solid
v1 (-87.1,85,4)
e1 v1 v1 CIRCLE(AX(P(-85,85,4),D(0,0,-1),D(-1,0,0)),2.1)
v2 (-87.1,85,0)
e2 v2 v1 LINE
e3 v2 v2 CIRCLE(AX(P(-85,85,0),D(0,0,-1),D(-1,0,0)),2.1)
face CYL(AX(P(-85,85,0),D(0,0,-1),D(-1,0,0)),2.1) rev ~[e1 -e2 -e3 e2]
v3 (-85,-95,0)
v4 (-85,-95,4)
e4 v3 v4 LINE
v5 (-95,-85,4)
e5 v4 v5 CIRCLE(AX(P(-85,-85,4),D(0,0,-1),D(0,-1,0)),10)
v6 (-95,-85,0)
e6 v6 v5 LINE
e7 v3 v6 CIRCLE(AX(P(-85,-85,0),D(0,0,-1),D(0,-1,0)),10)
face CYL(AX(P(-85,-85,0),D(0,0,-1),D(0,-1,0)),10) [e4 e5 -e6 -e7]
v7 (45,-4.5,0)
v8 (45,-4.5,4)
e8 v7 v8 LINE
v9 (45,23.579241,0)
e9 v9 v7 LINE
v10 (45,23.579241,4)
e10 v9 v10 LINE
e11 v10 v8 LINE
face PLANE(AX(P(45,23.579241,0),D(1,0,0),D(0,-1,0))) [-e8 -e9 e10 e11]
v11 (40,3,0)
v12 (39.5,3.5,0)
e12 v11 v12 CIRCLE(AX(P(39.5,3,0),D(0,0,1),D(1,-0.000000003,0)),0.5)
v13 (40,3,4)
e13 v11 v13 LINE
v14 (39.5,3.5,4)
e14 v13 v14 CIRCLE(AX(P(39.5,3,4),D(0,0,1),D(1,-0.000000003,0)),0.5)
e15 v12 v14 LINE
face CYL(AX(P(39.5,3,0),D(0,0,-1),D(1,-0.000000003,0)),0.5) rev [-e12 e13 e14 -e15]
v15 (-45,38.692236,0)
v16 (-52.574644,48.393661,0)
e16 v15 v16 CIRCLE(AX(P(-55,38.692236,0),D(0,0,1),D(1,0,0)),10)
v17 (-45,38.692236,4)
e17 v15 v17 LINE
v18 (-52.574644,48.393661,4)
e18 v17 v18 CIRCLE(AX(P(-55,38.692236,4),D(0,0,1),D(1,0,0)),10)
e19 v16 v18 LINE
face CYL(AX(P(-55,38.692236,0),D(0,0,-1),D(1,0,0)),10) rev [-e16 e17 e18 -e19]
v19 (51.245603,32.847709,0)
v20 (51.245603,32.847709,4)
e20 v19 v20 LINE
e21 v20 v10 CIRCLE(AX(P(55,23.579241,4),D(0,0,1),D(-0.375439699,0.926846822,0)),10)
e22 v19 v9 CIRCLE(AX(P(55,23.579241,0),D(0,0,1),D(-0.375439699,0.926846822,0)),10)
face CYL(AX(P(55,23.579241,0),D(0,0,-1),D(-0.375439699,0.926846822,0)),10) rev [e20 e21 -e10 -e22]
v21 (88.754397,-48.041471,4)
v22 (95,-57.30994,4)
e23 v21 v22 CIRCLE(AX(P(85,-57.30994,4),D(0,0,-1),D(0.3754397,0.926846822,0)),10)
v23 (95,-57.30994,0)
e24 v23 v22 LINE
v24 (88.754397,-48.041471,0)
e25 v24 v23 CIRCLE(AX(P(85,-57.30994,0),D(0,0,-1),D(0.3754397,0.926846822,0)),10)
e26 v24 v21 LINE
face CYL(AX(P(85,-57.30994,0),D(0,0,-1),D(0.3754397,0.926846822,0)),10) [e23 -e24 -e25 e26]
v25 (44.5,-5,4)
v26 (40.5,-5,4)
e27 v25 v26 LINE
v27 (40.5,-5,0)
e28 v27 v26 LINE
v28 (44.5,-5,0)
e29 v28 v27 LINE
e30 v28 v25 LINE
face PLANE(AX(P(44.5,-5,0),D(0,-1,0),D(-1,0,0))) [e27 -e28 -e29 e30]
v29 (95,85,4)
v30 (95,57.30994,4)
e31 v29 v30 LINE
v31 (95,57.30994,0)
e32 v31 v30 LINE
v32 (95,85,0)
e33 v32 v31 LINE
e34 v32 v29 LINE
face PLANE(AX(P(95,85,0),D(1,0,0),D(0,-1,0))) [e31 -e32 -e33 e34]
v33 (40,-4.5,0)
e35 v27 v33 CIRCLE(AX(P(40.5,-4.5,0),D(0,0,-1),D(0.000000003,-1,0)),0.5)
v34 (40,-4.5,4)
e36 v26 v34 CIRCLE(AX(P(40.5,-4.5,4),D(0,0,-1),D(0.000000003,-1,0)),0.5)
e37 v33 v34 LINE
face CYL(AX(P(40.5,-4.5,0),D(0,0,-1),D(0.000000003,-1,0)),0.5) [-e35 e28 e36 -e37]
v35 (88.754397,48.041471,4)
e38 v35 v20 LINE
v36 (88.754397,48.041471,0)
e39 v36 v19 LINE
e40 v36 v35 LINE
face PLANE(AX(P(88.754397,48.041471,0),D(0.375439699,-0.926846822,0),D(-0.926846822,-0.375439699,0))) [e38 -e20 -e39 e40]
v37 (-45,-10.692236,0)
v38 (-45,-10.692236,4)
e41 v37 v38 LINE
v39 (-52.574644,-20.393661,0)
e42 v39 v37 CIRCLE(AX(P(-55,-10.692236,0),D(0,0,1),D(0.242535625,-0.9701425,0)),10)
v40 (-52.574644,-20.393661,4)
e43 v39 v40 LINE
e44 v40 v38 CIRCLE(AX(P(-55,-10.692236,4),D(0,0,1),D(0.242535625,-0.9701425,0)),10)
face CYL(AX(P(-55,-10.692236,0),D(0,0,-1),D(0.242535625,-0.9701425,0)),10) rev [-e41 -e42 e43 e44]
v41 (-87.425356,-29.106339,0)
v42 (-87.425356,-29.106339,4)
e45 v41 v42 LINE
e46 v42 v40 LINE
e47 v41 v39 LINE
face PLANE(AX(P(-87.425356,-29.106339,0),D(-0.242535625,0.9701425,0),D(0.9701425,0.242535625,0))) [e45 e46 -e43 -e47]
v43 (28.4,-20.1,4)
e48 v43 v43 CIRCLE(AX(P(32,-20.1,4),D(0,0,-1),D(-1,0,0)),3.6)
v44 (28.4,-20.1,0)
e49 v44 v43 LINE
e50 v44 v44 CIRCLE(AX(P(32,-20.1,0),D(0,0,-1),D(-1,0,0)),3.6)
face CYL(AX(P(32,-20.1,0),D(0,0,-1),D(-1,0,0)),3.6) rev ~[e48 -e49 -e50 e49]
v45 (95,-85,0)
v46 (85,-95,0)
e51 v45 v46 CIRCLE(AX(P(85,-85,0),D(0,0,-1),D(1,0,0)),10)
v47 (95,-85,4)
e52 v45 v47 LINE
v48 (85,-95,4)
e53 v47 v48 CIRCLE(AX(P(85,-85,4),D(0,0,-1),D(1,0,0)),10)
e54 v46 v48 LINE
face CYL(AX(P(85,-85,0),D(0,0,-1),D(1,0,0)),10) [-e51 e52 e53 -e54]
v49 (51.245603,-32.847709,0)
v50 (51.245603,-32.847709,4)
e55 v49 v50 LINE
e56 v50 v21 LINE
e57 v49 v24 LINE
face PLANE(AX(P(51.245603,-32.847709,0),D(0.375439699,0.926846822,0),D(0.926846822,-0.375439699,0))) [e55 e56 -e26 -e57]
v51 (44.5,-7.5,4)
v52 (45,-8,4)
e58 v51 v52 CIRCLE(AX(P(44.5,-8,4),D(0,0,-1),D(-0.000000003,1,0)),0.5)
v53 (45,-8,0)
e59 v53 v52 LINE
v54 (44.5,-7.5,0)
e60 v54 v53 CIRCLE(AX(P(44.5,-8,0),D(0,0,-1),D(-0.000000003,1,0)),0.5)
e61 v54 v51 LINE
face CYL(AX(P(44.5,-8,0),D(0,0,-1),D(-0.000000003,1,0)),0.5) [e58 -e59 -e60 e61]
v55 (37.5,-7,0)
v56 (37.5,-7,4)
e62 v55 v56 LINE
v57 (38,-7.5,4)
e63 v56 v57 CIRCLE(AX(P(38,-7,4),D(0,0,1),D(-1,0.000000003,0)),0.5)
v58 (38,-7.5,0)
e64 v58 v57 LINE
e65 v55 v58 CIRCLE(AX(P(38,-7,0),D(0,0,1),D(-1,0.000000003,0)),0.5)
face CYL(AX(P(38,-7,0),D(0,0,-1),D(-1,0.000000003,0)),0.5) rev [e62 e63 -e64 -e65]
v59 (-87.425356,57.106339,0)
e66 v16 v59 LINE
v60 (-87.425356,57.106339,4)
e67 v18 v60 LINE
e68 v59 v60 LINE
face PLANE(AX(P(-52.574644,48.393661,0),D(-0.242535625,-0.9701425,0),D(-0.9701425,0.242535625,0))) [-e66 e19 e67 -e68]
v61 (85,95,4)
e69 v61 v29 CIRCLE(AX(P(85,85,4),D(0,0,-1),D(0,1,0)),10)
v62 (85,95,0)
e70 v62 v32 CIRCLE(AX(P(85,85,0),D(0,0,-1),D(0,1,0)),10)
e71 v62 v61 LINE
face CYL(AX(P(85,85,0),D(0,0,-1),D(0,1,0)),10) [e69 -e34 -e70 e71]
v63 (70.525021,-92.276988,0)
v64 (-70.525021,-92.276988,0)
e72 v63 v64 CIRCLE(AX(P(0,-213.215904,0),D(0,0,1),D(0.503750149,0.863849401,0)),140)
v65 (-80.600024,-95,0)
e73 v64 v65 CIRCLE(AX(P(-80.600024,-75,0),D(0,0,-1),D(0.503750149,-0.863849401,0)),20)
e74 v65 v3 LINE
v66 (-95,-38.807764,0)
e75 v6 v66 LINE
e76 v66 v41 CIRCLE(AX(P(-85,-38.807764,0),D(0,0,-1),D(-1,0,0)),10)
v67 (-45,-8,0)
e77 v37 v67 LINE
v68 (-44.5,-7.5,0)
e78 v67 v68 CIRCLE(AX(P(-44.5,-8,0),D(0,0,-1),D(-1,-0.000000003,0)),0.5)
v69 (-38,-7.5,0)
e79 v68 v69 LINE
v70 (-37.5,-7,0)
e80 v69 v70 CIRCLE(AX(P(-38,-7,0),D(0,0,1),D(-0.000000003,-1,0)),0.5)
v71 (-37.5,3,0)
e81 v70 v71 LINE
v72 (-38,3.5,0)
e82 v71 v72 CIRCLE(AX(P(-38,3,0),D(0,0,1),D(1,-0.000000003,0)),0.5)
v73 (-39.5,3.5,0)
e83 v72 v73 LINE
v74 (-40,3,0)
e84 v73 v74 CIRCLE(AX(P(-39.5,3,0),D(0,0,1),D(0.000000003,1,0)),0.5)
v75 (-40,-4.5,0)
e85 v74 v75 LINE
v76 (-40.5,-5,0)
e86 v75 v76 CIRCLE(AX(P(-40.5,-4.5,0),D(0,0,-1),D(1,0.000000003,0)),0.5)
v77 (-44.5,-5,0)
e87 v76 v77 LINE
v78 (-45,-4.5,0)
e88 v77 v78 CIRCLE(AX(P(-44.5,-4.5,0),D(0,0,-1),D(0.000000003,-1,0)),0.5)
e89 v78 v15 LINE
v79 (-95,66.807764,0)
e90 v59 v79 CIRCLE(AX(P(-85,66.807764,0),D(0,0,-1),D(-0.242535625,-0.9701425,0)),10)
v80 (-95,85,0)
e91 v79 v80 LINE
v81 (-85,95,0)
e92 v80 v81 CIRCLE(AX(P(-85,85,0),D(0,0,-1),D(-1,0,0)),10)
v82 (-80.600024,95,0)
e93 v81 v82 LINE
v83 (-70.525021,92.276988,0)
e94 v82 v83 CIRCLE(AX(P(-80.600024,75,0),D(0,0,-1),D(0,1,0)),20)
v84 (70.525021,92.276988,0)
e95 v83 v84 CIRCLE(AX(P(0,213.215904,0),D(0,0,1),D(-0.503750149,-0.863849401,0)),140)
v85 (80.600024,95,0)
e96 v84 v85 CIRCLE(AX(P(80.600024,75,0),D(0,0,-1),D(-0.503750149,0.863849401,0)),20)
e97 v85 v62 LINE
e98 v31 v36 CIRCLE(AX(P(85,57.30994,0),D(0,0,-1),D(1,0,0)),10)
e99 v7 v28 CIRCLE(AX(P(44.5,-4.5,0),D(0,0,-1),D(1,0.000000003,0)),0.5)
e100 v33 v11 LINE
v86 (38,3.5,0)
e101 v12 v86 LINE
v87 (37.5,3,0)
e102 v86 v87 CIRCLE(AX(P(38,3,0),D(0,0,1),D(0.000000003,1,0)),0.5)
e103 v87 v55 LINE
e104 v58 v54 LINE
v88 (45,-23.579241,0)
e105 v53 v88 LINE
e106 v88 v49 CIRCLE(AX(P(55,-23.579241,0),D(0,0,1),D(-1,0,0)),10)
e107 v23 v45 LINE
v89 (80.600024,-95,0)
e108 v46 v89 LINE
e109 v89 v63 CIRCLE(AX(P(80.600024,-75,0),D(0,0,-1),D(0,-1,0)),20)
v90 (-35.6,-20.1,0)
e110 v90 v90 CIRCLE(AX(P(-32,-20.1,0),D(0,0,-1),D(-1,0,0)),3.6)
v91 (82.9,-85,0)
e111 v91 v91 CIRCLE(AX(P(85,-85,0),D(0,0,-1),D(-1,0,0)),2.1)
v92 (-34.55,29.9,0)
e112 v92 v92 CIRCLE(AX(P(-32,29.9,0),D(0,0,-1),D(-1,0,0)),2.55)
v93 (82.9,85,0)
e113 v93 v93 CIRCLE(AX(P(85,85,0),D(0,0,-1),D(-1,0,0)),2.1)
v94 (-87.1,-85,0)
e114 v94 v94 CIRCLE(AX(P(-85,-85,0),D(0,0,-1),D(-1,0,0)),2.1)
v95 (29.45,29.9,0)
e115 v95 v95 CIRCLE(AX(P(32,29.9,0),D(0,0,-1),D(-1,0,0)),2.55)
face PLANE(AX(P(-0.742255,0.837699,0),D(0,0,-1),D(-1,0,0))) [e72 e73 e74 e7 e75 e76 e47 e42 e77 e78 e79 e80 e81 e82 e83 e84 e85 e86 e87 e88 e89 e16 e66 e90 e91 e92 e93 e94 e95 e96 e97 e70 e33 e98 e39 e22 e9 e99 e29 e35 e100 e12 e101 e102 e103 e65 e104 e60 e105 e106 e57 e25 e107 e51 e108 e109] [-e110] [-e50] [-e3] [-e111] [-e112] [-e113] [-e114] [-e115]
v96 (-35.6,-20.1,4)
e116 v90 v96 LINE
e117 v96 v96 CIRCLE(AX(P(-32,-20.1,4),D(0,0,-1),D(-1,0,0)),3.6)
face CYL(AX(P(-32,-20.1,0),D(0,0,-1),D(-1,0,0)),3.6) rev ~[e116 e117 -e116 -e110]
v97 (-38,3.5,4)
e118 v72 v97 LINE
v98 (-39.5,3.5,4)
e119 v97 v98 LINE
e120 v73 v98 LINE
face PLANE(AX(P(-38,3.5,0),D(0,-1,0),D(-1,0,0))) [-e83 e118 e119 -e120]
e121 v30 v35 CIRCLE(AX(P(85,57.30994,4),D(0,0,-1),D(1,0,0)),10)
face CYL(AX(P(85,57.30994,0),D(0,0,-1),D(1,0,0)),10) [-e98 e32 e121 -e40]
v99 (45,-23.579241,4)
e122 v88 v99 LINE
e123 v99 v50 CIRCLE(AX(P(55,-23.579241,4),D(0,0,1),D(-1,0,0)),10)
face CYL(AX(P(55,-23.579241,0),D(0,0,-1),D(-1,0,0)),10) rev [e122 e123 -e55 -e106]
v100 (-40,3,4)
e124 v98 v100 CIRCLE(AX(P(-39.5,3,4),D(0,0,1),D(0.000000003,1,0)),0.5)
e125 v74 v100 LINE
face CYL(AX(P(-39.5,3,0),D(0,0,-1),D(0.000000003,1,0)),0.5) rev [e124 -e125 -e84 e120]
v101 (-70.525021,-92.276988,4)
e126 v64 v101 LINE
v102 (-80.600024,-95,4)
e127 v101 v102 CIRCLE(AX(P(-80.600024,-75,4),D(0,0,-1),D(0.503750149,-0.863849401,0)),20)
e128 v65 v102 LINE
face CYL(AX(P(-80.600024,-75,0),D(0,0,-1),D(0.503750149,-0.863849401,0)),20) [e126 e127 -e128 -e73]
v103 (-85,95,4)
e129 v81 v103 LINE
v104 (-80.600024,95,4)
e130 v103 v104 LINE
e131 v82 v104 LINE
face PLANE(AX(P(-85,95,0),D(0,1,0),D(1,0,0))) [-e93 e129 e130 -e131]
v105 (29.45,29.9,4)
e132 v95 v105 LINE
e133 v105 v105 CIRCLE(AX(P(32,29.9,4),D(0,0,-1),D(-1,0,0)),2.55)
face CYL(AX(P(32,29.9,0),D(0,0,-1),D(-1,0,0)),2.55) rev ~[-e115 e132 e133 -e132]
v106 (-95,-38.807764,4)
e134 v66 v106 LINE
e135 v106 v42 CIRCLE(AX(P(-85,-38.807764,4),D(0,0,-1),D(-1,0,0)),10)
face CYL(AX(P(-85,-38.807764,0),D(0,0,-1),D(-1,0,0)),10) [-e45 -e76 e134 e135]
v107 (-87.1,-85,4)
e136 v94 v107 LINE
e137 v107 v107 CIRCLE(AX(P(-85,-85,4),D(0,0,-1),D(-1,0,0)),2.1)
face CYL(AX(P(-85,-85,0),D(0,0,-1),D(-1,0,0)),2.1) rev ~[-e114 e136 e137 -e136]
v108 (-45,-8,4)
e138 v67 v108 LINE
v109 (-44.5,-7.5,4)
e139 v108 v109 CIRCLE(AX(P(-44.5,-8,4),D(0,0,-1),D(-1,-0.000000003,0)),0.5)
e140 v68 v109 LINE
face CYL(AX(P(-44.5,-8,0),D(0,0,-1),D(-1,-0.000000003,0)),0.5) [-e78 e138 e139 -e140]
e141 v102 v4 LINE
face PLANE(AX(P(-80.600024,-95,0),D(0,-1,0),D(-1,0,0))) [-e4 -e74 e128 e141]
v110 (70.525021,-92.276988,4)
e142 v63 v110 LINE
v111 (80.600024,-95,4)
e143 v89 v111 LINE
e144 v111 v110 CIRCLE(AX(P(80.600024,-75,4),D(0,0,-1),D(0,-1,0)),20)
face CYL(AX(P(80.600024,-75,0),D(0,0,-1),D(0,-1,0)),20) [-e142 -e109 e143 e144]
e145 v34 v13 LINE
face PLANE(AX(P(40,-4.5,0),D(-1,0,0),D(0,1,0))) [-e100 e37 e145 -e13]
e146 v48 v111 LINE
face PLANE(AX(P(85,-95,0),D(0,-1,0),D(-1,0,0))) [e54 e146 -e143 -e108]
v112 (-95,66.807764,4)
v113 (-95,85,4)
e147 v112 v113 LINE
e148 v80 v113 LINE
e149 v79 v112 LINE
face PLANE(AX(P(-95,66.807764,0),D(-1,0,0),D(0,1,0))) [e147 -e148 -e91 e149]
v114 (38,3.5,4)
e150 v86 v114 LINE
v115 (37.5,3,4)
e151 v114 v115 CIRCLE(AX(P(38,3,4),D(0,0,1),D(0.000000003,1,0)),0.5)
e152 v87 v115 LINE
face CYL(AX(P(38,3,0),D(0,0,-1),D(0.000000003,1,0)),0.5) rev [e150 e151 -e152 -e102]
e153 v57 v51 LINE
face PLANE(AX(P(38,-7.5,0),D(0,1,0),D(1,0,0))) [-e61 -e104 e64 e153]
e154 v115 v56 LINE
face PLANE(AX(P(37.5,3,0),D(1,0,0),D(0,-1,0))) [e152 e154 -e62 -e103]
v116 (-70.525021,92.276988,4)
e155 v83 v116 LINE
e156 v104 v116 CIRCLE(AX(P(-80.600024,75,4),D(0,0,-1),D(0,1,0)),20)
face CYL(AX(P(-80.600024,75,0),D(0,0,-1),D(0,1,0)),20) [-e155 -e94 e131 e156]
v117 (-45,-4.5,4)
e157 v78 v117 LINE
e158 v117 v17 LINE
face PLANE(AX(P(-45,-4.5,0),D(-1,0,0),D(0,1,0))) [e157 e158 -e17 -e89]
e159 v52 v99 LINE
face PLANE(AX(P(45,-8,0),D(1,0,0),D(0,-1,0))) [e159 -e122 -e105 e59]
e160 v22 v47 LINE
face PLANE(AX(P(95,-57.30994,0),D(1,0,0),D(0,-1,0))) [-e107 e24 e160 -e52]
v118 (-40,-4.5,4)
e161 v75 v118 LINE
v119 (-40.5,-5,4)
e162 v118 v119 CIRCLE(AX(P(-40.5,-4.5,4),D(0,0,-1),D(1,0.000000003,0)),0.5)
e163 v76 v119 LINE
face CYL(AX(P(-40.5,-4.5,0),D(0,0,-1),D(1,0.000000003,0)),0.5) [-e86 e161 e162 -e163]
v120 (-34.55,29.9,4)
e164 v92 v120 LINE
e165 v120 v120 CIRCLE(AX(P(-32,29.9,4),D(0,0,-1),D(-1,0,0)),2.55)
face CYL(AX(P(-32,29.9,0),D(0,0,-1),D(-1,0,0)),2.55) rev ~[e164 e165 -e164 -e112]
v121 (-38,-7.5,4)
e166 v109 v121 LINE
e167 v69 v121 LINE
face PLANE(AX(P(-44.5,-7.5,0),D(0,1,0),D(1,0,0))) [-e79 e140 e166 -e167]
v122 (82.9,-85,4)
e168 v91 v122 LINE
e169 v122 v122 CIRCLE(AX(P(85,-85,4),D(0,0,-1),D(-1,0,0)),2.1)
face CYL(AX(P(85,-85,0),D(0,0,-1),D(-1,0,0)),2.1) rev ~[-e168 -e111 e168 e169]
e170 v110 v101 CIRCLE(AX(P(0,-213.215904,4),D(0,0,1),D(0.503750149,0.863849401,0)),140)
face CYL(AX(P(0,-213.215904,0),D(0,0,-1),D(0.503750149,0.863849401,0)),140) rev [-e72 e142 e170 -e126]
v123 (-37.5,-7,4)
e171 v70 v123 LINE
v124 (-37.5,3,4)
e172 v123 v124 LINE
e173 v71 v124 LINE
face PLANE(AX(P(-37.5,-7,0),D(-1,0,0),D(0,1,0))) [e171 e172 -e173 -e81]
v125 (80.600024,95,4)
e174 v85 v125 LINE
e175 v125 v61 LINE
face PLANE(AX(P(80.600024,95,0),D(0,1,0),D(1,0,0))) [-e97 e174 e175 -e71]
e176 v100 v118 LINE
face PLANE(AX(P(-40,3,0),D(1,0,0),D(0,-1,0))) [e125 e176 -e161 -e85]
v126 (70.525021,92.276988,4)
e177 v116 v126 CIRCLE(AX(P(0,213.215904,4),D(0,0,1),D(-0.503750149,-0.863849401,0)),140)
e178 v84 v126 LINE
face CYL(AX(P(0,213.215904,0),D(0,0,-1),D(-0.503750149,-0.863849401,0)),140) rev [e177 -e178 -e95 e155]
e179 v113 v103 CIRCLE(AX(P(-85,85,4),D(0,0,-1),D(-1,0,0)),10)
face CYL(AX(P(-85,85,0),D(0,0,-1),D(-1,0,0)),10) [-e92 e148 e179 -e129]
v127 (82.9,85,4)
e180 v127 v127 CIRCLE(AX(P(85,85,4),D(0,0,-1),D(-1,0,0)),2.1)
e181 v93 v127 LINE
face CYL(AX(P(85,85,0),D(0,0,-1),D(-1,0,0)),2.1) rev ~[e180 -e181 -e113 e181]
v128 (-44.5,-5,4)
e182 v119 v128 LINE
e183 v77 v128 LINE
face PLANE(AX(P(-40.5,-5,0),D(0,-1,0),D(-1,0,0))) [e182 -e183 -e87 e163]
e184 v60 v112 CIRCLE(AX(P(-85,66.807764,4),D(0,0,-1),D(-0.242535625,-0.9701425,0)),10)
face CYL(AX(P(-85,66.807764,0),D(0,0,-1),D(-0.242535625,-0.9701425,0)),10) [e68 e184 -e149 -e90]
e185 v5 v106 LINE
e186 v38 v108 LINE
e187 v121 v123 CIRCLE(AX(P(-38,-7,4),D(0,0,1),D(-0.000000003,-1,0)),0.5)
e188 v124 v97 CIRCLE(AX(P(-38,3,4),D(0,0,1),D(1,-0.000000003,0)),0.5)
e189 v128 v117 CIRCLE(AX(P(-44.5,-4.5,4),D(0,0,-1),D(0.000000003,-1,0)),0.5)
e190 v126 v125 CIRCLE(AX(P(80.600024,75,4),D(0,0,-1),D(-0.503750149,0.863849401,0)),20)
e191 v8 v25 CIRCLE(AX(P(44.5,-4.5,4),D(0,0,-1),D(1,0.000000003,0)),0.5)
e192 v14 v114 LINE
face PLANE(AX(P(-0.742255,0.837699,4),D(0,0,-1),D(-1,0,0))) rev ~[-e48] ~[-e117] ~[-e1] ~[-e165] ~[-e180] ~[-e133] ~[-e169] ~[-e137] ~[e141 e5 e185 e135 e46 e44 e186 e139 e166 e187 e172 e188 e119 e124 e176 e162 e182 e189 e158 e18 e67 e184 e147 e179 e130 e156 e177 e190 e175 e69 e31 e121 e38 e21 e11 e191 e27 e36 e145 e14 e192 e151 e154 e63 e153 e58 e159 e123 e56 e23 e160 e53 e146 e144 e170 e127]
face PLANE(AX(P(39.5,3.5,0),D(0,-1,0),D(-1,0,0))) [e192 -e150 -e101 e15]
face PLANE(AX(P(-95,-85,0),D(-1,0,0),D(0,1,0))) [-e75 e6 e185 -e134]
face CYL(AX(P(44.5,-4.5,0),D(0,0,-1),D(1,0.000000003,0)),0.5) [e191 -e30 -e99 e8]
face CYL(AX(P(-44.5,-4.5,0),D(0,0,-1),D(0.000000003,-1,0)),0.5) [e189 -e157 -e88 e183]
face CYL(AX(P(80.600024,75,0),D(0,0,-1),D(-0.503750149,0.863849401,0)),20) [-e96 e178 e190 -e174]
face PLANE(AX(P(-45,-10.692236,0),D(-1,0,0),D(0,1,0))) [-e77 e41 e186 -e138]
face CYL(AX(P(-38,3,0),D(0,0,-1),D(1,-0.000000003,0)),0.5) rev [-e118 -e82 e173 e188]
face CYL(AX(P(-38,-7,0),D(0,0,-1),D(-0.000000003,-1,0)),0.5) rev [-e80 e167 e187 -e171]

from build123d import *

# Parameters (mm, degrees)
SKETCH1_R           = 2.1
SKETCH1_R_2         = 2.55
SKETCH1_R_3         = 3.6
BOSS_EXTRUDE1_DEPTH = 4


with BuildPart() as part:
    # Sketch1 → Boss-Extrude1 (new body)
    with BuildSketch(Plane(origin=(0, 0, 0), x_dir=(-1, 0, 0), z_dir=(0, 0, -1))):
        with BuildLine():
            Line((87.42535625, -29.106339063), (52.57464375, -20.393660937))
            ThreePointArc((52.57464375, -20.393660937), (47.11794562, -16.84635803), (45, -10.692235936))
            Line((45, -10.692235936), (45, -8))
            ThreePointArc((45, -8), (44.853553391, -7.646446609), (44.5, -7.5))
            Line((44.5, -7.5), (38, -7.5))
            ThreePointArc((38, -7.5), (37.646446609, -7.353553391), (37.5, -7))
            Line((37.5, -7), (37.5, 3))
            ThreePointArc((37.5, 3), (37.646446609, 3.353553391), (38, 3.5))
            Line((38, 3.5), (39.5, 3.5))
            ThreePointArc((39.5, 3.5), (39.853553391, 3.353553391), (40, 3))
            Line((40, 3), (40, -4.5))
            ThreePointArc((40, -4.5), (40.146446609, -4.853553391), (40.5, -5))
            Line((40.5, -5), (44.5, -5))
            ThreePointArc((44.5, -5), (44.853553391, -4.853553391), (45, -4.5))
            Line((45, -4.5), (45, 38.692235936))
            ThreePointArc((45, 38.692235936), (47.11794562, 44.84635803), (52.57464375, 48.393660937))
            Line((52.57464375, 48.393660937), (87.42535625, 57.106339063))
            ThreePointArc((87.42535625, 57.106339063), (92.88205438, 60.65364197), (95, 66.807764064))
            Line((95, 66.807764064), (95, 85))
            ThreePointArc((95, 85), (92.071067812, 92.071067812), (85, 95))
            Line((85, 95), (80.600023778, 95))
            ThreePointArc((80.600023778, 95), (75.38177505, 94.307249421), (70.525020806, 92.276988022))
            ThreePointArc((70.525020806, 92.276988022), (0, 73.215904175), (-70.525020806, 92.276988022))
            ThreePointArc((-70.525020806, 92.276988022), (-75.38177505, 94.307249421), (-80.600023778, 95))
            Line((-80.600023778, 95), (-85, 95))
            ThreePointArc((-85, 95), (-92.071067812, 92.071067812), (-95, 85))
            Line((-95, 85), (-95, 57.30993956))
            ThreePointArc((-95, 57.30993956), (-93.292887614, 51.721736358), (-88.754396995, 48.041471336))
            Line((-88.754396995, 48.041471336), (-51.245603005, 32.847708996))
            ThreePointArc((-51.245603005, 32.847708996), (-46.707112386, 29.167443975), (-45, 23.579240773))
            Line((-45, 23.579240773), (-45, -4.5))
            ThreePointArc((-45, -4.5), (-44.853553391, -4.853553391), (-44.5, -5))
            Line((-44.5, -5), (-40.5, -5))
            ThreePointArc((-40.5, -5), (-40.146446609, -4.853553391), (-40, -4.5))
            Line((-40, -4.5), (-40, 3))
            ThreePointArc((-40, 3), (-39.853553391, 3.353553391), (-39.5, 3.5))
            Line((-39.5, 3.5), (-38, 3.5))
            ThreePointArc((-38, 3.5), (-37.646446609, 3.353553391), (-37.5, 3))
            Line((-37.5, 3), (-37.5, -7))
            ThreePointArc((-37.5, -7), (-37.646446609, -7.353553391), (-38, -7.5))
            Line((-38, -7.5), (-44.5, -7.5))
            ThreePointArc((-44.5, -7.5), (-44.853553391, -7.646446609), (-45, -8))
            Line((-45, -8), (-45, -23.579240773))
            ThreePointArc((-45, -23.579240773), (-46.707112386, -29.167443975), (-51.245603005, -32.847708996))
            Line((-51.245603005, -32.847708996), (-88.754396995, -48.041471336))
            ThreePointArc((-88.754396995, -48.041471336), (-93.292887614, -51.721736358), (-95, -57.30993956))
            Line((-95, -57.30993956), (-95, -85))
            ThreePointArc((-95, -85), (-92.071067812, -92.071067812), (-85, -95))
            Line((-85, -95), (-80.600023778, -95))
            ThreePointArc((-80.600023778, -95), (-75.38177505, -94.307249421), (-70.525020806, -92.276988022))
            ThreePointArc((-70.525020806, -92.276988022), (0, -73.215904175), (70.525020806, -92.276988022))
            ThreePointArc((70.525020806, -92.276988022), (75.38177505, -94.307249421), (80.600023778, -95))
            Line((80.600023778, -95), (85, -95))
            ThreePointArc((85, -95), (92.071067812, -92.071067812), (95, -85))
            Line((95, -85), (95, -38.807764064))
            ThreePointArc((95, -38.807764064), (92.88205438, -32.65364197), (87.42535625, -29.106339063))
        make_face()
        with Locations((-85, -85)):
            Circle(SKETCH1_R, mode=Mode.SUBTRACT)
        with Locations((-85, 85)):
            Circle(SKETCH1_R, mode=Mode.SUBTRACT)
        with Locations((85, 85)):
            Circle(SKETCH1_R, mode=Mode.SUBTRACT)
        with Locations((85, -85)):
            Circle(SKETCH1_R, mode=Mode.SUBTRACT)
        with Locations((32, 29.9)):
            Circle(SKETCH1_R_2, mode=Mode.SUBTRACT)
        with Locations((32, -20.1)):
            Circle(SKETCH1_R_3, mode=Mode.SUBTRACT)
        with Locations((-32, -20.1)):
            Circle(SKETCH1_R_3, mode=Mode.SUBTRACT)
        with Locations((-32, 29.9)):
            Circle(SKETCH1_R_2, mode=Mode.SUBTRACT)
    extrude(amount=-BOSS_EXTRUDE1_DEPTH)


solid = part.part
